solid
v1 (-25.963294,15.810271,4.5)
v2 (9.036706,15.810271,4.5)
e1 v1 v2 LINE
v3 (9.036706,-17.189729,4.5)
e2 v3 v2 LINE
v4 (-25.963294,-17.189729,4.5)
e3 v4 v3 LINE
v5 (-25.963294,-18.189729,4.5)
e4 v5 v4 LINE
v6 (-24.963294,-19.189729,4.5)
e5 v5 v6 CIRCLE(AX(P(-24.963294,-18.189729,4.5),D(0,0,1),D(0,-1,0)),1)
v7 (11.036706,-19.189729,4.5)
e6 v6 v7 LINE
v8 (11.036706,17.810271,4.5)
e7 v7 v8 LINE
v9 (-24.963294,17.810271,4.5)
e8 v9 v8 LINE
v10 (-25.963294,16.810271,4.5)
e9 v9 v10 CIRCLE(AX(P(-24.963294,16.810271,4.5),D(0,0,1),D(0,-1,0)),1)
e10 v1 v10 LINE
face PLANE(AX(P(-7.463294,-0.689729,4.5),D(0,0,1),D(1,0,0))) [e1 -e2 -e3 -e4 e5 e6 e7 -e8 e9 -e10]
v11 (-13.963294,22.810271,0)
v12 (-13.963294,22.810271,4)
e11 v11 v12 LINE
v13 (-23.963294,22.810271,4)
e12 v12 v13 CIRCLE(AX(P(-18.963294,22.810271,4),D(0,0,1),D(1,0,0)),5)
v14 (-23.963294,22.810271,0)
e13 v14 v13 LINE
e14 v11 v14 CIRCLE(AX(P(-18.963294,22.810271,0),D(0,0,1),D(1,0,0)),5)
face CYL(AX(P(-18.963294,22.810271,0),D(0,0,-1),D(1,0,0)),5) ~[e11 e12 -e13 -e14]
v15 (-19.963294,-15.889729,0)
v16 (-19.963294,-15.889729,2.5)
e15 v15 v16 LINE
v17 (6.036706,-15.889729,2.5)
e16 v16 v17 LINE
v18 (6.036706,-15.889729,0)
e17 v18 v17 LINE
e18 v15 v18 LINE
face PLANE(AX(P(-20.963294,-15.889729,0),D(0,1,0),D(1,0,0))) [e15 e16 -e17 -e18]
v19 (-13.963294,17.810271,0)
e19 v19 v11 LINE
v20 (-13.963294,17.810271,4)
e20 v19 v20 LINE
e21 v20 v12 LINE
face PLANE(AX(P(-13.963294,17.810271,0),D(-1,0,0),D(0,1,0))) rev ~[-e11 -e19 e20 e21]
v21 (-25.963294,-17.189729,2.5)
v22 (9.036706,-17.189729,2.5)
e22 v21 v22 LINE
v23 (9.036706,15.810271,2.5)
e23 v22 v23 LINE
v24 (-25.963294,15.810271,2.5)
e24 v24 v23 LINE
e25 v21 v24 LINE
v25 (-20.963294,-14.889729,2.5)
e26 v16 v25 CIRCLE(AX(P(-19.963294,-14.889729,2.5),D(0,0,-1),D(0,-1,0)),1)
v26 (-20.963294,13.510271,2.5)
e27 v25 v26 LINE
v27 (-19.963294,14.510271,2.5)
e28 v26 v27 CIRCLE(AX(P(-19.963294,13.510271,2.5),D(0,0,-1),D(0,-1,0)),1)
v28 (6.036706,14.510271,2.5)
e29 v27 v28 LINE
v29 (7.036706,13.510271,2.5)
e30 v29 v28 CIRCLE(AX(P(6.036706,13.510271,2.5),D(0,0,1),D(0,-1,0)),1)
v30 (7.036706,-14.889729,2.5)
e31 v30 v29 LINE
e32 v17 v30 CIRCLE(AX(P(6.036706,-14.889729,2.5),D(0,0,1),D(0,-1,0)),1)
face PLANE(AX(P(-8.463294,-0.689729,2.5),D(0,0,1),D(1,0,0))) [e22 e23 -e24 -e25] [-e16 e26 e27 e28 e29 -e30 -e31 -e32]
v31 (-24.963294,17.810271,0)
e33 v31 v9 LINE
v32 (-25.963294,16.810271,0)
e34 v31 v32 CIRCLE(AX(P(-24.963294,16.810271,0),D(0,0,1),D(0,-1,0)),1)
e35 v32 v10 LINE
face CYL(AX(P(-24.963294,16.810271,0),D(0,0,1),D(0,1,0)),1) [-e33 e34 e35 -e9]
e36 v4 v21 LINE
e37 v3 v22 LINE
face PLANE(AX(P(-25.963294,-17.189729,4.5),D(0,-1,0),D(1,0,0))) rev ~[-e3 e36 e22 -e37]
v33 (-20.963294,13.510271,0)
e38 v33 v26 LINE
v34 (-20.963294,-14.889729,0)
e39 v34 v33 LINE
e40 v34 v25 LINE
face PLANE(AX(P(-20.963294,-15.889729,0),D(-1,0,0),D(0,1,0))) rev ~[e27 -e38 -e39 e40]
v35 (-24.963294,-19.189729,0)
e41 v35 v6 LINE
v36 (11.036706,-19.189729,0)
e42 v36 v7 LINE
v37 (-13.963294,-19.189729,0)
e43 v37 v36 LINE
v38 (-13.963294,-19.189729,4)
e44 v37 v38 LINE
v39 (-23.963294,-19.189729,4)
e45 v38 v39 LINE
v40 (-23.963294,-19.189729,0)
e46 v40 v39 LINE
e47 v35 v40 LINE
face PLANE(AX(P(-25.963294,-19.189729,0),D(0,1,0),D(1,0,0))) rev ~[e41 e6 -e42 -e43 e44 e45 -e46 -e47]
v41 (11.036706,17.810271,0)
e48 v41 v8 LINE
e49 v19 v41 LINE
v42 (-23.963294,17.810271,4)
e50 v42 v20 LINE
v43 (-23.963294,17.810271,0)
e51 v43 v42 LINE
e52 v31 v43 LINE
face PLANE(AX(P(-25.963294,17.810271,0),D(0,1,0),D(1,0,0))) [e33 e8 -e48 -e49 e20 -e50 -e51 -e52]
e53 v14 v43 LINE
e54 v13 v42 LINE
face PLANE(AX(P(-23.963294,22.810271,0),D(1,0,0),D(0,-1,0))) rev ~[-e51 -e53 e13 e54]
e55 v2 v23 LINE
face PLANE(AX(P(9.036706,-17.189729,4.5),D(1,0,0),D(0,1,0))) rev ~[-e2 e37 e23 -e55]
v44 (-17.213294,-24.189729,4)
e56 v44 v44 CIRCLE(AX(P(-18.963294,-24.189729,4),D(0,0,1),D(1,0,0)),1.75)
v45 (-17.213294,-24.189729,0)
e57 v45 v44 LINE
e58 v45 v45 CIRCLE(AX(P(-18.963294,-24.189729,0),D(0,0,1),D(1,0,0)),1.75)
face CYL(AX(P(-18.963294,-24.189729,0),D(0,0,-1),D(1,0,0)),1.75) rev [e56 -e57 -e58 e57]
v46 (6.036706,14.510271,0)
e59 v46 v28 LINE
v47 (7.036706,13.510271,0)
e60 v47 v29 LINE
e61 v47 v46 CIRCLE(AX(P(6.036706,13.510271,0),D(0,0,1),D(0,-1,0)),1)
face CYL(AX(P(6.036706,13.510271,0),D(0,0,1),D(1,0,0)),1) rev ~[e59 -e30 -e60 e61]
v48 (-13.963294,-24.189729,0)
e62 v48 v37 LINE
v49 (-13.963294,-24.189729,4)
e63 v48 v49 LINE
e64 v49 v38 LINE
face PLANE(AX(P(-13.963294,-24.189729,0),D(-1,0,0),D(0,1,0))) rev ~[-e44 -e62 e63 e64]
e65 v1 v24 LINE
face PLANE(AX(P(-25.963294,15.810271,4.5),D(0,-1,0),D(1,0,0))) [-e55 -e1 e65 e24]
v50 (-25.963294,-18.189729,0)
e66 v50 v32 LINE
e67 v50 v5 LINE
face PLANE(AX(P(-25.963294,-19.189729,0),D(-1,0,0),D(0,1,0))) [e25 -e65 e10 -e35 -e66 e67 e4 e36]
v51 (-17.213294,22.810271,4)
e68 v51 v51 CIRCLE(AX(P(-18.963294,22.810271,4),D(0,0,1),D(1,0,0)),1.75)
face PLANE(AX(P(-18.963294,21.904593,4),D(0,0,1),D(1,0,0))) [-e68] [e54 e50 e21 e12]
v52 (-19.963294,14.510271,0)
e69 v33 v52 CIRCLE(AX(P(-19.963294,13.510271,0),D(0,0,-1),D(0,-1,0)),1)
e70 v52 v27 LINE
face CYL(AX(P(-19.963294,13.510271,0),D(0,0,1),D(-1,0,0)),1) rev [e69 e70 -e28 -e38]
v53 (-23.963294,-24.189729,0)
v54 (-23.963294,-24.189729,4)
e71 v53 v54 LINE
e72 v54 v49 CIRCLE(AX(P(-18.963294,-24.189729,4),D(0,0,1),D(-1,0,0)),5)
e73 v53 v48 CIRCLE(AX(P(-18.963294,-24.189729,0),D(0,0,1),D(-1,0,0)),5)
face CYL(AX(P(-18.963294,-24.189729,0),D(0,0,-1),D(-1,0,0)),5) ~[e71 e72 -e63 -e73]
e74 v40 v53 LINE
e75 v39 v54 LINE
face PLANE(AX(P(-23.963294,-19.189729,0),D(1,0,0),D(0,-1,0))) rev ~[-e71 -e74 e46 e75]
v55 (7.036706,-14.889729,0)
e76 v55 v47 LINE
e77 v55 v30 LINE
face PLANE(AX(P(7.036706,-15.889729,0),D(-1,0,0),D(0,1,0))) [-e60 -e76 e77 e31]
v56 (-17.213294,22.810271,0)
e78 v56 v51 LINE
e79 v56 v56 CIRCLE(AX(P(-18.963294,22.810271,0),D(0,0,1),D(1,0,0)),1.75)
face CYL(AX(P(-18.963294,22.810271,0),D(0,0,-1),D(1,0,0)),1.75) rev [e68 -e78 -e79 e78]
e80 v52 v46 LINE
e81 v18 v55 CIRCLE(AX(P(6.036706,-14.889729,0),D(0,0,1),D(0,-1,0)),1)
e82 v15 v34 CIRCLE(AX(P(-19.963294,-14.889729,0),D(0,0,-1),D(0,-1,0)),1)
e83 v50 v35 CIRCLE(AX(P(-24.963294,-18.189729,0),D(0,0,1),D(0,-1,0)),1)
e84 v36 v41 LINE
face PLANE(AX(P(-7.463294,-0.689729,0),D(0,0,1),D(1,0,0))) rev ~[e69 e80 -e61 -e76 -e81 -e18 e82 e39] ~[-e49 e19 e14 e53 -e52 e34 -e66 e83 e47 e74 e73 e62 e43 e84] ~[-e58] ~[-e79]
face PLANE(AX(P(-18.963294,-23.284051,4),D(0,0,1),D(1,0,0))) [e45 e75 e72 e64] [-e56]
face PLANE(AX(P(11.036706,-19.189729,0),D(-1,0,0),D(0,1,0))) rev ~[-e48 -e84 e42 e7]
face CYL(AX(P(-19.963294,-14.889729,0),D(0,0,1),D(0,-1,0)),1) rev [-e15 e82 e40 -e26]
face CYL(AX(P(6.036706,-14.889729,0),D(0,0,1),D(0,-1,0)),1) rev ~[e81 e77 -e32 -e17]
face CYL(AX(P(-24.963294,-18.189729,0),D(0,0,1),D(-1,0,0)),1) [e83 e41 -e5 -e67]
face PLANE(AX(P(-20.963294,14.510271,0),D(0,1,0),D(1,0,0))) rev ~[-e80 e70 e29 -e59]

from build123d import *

# Parameters (mm, degrees)
F0_W     = 37
F0_H     = 37
F0_W_2   = 28
F0_H_2   = 30.4
F1_DEPTH = 4.5
F2_W     = 35
F2_H     = 33
F3_DEPTH = 2
F4_R     = 1.75
F5_DEPTH = 4
F6_DEPTH = 4
F7_R     = 1


with BuildPart() as f1:
    # F0 (on Top) → F1 (new body)
    with BuildSketch(Plane.XY):
        with Locations((-7.463294, -0.689729)):
            Rectangle(F0_W, F0_H)
        with Locations((-6.963294, -0.689729)):
            Rectangle(F0_W_2, F0_H_2, mode=Mode.SUBTRACT)
    extrude(amount=F1_DEPTH)

    # F2 (on face) → F3 (cut)
    with BuildSketch(Plane.XY.offset(4.5)):
        with Locations((-8.463294, -0.689729)):
            Rectangle(F2_W, F2_H)
    extrude(amount=-F3_DEPTH, mode=Mode.SUBTRACT)

    # F4 (on Top) → F5 (join)
    with BuildSketch(Plane.XY):
        with BuildLine():
            Line((-13.963294, 17.810271), (-13.963294, 22.810271))
            ThreePointArc((-13.963294, 22.810271), (-18.963294, 27.810271), (-23.963294, 22.810271))
            Line((-23.963294, 22.810271), (-23.963294, 17.810271))
            Line((-23.963294, 17.810271), (-13.963294, 17.810271))
        make_face()
        with Locations((-18.963294, 22.810271)):
            Circle(F4_R, mode=Mode.SUBTRACT)
        with BuildLine():
            Line((-23.963294, -19.189729), (-23.963294, -24.189729))
            ThreePointArc((-23.963294, -24.189729), (-18.963294, -29.189729), (-13.963294, -24.189729))
            Line((-13.963294, -24.189729), (-13.963294, -19.189729))
            Line((-13.963294, -19.189729), (-23.963294, -19.189729))
        make_face()
        with Locations((-18.963294, -24.189729)):
            Circle(F4_R, mode=Mode.SUBTRACT)
    extrude(amount=F5_DEPTH)

    # F4 (on Top) → F6 (join)
    with BuildSketch(Plane.XY):
        with BuildLine():
            Line((-13.963294, 17.810271), (-13.963294, 22.810271))
            ThreePointArc((-13.963294, 22.810271), (-18.963294, 27.810271), (-23.963294, 22.810271))
            Line((-23.963294, 22.810271), (-23.963294, 17.810271))
            Line((-23.963294, 17.810271), (-13.963294, 17.810271))
        make_face()
        with Locations((-18.963294, 22.810271)):
            Circle(F4_R, mode=Mode.SUBTRACT)
        with BuildLine():
            Line((-23.963294, -19.189729), (-23.963294, -24.189729))
            ThreePointArc((-23.963294, -24.189729), (-18.963294, -29.189729), (-13.963294, -24.189729))
            Line((-13.963294, -24.189729), (-13.963294, -19.189729))
            Line((-13.963294, -19.189729), (-23.963294, -19.189729))
        make_face()
        with Locations((-18.963294, -24.189729)):
            Circle(F4_R, mode=Mode.SUBTRACT)
    extrude(amount=F6_DEPTH)

    # F7
    f7_edges = [f1.edges().sort_by_distance(p)[0] for p in [
        (7.036706, 14.510271, 1.25),
        (-20.963294, 14.510271, 1.25),
        (-20.963294, -15.889729, 1.25),
        (7.036706, -15.889729, 1.25),
        (-25.963294, -19.189729, 2.25),
        (-25.963294, 17.810271, 2.25),
    ]]
    fillet(f7_edges, radius=F7_R)


solid = f1.part
